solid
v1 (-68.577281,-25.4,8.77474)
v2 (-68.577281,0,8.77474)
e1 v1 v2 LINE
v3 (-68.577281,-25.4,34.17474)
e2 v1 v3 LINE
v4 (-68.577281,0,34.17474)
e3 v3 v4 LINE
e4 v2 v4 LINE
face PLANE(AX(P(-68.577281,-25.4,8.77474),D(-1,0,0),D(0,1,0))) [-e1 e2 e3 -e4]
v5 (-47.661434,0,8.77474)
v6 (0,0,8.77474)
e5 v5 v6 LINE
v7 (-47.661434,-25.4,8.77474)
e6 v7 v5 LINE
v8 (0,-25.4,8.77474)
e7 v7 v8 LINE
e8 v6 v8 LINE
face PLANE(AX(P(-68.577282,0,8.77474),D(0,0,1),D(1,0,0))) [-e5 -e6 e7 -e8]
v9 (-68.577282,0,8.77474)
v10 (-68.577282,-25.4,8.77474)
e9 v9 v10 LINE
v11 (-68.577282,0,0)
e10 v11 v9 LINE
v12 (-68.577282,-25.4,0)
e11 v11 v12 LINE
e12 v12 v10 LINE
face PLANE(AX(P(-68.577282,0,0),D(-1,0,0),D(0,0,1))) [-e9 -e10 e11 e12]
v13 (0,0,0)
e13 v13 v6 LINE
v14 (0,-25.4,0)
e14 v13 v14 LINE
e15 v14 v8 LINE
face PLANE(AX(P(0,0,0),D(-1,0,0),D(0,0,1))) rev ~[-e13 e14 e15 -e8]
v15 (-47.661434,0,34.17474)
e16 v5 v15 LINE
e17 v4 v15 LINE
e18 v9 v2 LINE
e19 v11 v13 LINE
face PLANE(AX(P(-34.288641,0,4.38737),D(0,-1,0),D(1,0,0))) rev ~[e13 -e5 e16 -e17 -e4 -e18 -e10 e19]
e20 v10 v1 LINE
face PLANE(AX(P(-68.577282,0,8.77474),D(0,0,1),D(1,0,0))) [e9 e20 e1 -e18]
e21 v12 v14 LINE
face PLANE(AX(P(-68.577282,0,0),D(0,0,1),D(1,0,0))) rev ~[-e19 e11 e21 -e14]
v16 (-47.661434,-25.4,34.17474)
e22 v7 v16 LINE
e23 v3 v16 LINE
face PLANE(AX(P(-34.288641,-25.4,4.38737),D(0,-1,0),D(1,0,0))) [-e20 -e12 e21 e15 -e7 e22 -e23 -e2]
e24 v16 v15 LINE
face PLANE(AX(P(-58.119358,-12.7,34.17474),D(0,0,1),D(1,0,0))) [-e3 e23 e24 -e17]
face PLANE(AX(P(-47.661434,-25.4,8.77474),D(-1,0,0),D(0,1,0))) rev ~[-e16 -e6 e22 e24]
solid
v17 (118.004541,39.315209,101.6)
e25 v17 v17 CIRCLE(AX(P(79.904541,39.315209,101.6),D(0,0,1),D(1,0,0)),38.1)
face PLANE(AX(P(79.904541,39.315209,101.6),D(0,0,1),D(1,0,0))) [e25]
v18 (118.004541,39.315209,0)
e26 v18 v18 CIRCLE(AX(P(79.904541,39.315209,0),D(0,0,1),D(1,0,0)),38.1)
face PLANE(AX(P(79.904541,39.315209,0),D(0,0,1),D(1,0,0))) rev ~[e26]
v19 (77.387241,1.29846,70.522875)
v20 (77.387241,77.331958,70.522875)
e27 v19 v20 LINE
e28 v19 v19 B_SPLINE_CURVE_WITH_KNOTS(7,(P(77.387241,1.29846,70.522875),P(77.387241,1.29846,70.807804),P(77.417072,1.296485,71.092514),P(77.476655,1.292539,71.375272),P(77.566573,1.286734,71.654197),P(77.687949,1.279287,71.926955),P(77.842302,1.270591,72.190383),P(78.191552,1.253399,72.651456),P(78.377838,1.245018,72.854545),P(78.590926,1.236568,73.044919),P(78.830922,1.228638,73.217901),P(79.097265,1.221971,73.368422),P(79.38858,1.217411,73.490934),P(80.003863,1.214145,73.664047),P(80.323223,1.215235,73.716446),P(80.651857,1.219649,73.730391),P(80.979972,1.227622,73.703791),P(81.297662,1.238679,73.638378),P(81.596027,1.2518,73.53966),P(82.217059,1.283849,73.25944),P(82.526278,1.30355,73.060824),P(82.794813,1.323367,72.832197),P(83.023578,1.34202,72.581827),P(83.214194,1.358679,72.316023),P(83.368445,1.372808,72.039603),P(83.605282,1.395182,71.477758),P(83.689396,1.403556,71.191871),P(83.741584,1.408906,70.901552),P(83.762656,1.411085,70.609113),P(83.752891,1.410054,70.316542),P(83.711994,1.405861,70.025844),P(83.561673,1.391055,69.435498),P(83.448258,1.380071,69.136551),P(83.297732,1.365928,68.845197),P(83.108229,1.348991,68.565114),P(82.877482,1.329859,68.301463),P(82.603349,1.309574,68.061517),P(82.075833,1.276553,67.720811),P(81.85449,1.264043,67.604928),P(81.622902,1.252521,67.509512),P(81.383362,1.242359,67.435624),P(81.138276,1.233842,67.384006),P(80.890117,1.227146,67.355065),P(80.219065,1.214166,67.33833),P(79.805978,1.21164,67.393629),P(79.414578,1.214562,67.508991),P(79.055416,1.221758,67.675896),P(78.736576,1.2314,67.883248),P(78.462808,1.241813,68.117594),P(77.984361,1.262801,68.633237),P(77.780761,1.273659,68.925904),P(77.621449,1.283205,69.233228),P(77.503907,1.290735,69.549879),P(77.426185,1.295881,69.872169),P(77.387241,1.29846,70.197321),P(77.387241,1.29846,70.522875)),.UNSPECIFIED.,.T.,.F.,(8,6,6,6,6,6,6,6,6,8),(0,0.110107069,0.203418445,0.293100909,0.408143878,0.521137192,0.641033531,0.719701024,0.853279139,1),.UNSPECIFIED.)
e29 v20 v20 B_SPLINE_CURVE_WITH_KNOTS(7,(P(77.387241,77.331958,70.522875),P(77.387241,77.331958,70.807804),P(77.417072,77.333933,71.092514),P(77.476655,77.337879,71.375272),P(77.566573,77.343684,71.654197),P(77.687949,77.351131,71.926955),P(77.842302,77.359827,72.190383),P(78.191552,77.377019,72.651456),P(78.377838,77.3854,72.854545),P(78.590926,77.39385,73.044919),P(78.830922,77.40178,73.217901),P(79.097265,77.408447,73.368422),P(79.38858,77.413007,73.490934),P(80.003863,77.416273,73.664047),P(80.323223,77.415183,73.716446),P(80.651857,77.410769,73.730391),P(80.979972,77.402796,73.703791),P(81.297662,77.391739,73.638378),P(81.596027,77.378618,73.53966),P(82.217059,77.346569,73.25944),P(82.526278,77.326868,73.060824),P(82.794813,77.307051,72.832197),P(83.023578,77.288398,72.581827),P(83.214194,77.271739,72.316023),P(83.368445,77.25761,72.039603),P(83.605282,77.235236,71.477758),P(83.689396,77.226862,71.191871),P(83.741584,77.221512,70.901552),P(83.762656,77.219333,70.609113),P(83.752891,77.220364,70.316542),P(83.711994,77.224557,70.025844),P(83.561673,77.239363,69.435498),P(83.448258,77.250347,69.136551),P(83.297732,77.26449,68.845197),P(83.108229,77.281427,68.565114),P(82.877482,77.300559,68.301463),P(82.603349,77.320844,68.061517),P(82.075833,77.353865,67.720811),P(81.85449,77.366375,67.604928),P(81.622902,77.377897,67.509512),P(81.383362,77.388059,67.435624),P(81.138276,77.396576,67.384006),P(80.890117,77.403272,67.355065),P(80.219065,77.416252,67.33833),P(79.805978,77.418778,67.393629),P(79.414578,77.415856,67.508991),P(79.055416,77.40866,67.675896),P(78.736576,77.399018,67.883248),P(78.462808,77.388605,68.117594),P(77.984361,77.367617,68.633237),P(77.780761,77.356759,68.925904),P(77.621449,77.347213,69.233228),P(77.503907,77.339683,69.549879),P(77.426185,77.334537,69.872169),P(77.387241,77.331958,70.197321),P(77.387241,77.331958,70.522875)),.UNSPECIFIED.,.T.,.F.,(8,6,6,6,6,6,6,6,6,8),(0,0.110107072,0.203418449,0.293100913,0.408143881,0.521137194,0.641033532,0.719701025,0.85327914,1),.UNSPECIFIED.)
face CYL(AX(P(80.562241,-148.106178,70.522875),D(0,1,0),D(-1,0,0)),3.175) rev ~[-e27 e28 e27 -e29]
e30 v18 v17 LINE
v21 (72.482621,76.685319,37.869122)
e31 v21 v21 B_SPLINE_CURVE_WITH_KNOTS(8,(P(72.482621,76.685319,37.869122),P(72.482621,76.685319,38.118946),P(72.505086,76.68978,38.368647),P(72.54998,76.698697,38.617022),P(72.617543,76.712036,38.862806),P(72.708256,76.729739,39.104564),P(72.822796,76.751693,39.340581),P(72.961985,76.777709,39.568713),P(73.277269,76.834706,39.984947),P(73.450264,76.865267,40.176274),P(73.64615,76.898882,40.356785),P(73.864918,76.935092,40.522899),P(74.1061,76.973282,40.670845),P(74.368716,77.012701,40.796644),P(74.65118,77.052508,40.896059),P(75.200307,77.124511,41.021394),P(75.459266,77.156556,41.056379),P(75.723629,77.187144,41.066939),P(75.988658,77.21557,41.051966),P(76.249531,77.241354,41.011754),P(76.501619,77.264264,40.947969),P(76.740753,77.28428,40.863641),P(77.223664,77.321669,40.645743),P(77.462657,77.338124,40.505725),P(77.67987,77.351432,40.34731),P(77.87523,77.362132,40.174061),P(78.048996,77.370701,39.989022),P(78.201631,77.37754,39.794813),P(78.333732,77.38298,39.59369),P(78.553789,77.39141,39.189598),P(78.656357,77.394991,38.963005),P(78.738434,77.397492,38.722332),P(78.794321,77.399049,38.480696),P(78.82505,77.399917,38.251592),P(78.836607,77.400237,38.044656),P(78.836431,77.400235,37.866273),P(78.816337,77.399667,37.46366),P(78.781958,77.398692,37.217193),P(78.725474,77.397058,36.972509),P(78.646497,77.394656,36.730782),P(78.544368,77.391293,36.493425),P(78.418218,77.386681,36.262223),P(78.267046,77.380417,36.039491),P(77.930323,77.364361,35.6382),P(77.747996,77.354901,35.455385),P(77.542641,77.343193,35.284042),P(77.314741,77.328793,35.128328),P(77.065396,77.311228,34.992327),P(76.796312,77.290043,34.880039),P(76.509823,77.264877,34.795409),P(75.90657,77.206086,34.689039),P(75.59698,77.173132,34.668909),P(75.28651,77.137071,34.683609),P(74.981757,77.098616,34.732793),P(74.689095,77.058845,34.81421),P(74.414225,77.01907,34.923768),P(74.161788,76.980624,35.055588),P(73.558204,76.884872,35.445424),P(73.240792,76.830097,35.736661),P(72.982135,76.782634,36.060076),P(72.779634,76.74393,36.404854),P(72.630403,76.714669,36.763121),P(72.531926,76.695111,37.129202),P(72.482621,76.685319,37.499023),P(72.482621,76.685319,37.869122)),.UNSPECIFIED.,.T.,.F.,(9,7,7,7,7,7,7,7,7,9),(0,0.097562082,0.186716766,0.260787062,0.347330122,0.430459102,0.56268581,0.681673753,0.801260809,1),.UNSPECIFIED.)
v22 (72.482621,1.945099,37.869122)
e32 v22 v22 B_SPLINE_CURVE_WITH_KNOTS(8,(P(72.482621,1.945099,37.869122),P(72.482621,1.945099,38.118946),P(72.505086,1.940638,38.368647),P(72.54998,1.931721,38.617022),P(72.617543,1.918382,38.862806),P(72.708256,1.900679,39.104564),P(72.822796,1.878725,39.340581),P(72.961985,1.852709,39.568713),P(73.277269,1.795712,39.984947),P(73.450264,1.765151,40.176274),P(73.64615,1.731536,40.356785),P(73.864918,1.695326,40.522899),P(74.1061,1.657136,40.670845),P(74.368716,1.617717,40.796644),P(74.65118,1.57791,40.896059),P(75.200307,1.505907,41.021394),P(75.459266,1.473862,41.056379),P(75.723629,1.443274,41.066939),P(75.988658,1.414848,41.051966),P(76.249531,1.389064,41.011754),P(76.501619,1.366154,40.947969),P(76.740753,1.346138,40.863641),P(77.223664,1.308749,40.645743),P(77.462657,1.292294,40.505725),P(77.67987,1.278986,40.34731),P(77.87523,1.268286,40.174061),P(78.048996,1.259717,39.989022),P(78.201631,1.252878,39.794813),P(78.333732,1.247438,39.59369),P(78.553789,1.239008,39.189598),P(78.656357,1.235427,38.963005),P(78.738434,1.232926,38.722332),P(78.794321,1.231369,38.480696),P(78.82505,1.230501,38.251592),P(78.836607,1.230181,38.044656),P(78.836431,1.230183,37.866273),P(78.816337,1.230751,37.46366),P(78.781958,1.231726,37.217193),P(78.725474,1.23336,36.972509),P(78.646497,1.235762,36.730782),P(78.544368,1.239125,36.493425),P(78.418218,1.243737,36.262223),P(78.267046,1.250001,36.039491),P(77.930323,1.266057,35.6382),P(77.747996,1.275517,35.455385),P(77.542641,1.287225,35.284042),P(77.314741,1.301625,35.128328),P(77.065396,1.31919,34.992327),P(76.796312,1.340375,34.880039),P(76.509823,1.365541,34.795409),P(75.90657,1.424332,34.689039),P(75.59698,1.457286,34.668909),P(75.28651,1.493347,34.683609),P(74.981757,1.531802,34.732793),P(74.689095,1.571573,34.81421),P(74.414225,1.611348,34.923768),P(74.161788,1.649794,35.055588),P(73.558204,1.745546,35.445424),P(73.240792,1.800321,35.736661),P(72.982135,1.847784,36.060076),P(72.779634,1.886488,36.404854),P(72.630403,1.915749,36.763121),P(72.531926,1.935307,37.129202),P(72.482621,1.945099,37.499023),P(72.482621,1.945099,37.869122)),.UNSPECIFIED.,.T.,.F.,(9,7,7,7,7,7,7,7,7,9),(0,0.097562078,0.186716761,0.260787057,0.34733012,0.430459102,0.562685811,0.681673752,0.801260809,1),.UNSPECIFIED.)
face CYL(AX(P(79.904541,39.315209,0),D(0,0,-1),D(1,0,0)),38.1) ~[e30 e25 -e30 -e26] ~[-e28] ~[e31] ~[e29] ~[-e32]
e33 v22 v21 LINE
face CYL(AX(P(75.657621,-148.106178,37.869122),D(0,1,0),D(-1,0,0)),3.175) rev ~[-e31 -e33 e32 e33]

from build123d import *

# Parameters (mm, degrees)
F0_W     = 68.577282
F0_H     = 8.77474
F1_DEPTH = 25.4
F2_W     = 20.915847
F2_H     = 25.4
F3_DEPTH = 25.4
F4_R     = 38.1
F5_DEPTH = 101.6
F7_D     = 6.35
F9_D     = 6.35


with BuildPart() as f1:
    # F0 (on Front) → F1 (new body)
    with BuildSketch(Plane.XZ):
        with Locations((-34.288641, 4.38737)):
            Rectangle(F0_W, F0_H)
    extrude(amount=F1_DEPTH)

    # F2 (on face) → F3 (join)
    with BuildSketch(Plane.XY.offset(8.77474)):
        with Locations((-58.119358, -12.7)):
            Rectangle(F2_W, F2_H)
    extrude(amount=F3_DEPTH)


with BuildPart() as f5:
    # F4 (on Top) → F5 (new body)
    with BuildSketch(Plane.XY):
        with Locations((79.904541, 39.315209)):
            Circle(F4_R)
    extrude(amount=F5_DEPTH)

    # F7 (through all)
    with Locations(Plane.XZ):
        with Locations((80.562241, 70.522875)):
            Hole(F7_D / 2)

    # F9 (through all)
    with Locations(Plane.XZ):
        with Locations((75.657621, 37.869122)):
            Hole(F9_D / 2)


solid = Compound([f1.part, f5.part])
